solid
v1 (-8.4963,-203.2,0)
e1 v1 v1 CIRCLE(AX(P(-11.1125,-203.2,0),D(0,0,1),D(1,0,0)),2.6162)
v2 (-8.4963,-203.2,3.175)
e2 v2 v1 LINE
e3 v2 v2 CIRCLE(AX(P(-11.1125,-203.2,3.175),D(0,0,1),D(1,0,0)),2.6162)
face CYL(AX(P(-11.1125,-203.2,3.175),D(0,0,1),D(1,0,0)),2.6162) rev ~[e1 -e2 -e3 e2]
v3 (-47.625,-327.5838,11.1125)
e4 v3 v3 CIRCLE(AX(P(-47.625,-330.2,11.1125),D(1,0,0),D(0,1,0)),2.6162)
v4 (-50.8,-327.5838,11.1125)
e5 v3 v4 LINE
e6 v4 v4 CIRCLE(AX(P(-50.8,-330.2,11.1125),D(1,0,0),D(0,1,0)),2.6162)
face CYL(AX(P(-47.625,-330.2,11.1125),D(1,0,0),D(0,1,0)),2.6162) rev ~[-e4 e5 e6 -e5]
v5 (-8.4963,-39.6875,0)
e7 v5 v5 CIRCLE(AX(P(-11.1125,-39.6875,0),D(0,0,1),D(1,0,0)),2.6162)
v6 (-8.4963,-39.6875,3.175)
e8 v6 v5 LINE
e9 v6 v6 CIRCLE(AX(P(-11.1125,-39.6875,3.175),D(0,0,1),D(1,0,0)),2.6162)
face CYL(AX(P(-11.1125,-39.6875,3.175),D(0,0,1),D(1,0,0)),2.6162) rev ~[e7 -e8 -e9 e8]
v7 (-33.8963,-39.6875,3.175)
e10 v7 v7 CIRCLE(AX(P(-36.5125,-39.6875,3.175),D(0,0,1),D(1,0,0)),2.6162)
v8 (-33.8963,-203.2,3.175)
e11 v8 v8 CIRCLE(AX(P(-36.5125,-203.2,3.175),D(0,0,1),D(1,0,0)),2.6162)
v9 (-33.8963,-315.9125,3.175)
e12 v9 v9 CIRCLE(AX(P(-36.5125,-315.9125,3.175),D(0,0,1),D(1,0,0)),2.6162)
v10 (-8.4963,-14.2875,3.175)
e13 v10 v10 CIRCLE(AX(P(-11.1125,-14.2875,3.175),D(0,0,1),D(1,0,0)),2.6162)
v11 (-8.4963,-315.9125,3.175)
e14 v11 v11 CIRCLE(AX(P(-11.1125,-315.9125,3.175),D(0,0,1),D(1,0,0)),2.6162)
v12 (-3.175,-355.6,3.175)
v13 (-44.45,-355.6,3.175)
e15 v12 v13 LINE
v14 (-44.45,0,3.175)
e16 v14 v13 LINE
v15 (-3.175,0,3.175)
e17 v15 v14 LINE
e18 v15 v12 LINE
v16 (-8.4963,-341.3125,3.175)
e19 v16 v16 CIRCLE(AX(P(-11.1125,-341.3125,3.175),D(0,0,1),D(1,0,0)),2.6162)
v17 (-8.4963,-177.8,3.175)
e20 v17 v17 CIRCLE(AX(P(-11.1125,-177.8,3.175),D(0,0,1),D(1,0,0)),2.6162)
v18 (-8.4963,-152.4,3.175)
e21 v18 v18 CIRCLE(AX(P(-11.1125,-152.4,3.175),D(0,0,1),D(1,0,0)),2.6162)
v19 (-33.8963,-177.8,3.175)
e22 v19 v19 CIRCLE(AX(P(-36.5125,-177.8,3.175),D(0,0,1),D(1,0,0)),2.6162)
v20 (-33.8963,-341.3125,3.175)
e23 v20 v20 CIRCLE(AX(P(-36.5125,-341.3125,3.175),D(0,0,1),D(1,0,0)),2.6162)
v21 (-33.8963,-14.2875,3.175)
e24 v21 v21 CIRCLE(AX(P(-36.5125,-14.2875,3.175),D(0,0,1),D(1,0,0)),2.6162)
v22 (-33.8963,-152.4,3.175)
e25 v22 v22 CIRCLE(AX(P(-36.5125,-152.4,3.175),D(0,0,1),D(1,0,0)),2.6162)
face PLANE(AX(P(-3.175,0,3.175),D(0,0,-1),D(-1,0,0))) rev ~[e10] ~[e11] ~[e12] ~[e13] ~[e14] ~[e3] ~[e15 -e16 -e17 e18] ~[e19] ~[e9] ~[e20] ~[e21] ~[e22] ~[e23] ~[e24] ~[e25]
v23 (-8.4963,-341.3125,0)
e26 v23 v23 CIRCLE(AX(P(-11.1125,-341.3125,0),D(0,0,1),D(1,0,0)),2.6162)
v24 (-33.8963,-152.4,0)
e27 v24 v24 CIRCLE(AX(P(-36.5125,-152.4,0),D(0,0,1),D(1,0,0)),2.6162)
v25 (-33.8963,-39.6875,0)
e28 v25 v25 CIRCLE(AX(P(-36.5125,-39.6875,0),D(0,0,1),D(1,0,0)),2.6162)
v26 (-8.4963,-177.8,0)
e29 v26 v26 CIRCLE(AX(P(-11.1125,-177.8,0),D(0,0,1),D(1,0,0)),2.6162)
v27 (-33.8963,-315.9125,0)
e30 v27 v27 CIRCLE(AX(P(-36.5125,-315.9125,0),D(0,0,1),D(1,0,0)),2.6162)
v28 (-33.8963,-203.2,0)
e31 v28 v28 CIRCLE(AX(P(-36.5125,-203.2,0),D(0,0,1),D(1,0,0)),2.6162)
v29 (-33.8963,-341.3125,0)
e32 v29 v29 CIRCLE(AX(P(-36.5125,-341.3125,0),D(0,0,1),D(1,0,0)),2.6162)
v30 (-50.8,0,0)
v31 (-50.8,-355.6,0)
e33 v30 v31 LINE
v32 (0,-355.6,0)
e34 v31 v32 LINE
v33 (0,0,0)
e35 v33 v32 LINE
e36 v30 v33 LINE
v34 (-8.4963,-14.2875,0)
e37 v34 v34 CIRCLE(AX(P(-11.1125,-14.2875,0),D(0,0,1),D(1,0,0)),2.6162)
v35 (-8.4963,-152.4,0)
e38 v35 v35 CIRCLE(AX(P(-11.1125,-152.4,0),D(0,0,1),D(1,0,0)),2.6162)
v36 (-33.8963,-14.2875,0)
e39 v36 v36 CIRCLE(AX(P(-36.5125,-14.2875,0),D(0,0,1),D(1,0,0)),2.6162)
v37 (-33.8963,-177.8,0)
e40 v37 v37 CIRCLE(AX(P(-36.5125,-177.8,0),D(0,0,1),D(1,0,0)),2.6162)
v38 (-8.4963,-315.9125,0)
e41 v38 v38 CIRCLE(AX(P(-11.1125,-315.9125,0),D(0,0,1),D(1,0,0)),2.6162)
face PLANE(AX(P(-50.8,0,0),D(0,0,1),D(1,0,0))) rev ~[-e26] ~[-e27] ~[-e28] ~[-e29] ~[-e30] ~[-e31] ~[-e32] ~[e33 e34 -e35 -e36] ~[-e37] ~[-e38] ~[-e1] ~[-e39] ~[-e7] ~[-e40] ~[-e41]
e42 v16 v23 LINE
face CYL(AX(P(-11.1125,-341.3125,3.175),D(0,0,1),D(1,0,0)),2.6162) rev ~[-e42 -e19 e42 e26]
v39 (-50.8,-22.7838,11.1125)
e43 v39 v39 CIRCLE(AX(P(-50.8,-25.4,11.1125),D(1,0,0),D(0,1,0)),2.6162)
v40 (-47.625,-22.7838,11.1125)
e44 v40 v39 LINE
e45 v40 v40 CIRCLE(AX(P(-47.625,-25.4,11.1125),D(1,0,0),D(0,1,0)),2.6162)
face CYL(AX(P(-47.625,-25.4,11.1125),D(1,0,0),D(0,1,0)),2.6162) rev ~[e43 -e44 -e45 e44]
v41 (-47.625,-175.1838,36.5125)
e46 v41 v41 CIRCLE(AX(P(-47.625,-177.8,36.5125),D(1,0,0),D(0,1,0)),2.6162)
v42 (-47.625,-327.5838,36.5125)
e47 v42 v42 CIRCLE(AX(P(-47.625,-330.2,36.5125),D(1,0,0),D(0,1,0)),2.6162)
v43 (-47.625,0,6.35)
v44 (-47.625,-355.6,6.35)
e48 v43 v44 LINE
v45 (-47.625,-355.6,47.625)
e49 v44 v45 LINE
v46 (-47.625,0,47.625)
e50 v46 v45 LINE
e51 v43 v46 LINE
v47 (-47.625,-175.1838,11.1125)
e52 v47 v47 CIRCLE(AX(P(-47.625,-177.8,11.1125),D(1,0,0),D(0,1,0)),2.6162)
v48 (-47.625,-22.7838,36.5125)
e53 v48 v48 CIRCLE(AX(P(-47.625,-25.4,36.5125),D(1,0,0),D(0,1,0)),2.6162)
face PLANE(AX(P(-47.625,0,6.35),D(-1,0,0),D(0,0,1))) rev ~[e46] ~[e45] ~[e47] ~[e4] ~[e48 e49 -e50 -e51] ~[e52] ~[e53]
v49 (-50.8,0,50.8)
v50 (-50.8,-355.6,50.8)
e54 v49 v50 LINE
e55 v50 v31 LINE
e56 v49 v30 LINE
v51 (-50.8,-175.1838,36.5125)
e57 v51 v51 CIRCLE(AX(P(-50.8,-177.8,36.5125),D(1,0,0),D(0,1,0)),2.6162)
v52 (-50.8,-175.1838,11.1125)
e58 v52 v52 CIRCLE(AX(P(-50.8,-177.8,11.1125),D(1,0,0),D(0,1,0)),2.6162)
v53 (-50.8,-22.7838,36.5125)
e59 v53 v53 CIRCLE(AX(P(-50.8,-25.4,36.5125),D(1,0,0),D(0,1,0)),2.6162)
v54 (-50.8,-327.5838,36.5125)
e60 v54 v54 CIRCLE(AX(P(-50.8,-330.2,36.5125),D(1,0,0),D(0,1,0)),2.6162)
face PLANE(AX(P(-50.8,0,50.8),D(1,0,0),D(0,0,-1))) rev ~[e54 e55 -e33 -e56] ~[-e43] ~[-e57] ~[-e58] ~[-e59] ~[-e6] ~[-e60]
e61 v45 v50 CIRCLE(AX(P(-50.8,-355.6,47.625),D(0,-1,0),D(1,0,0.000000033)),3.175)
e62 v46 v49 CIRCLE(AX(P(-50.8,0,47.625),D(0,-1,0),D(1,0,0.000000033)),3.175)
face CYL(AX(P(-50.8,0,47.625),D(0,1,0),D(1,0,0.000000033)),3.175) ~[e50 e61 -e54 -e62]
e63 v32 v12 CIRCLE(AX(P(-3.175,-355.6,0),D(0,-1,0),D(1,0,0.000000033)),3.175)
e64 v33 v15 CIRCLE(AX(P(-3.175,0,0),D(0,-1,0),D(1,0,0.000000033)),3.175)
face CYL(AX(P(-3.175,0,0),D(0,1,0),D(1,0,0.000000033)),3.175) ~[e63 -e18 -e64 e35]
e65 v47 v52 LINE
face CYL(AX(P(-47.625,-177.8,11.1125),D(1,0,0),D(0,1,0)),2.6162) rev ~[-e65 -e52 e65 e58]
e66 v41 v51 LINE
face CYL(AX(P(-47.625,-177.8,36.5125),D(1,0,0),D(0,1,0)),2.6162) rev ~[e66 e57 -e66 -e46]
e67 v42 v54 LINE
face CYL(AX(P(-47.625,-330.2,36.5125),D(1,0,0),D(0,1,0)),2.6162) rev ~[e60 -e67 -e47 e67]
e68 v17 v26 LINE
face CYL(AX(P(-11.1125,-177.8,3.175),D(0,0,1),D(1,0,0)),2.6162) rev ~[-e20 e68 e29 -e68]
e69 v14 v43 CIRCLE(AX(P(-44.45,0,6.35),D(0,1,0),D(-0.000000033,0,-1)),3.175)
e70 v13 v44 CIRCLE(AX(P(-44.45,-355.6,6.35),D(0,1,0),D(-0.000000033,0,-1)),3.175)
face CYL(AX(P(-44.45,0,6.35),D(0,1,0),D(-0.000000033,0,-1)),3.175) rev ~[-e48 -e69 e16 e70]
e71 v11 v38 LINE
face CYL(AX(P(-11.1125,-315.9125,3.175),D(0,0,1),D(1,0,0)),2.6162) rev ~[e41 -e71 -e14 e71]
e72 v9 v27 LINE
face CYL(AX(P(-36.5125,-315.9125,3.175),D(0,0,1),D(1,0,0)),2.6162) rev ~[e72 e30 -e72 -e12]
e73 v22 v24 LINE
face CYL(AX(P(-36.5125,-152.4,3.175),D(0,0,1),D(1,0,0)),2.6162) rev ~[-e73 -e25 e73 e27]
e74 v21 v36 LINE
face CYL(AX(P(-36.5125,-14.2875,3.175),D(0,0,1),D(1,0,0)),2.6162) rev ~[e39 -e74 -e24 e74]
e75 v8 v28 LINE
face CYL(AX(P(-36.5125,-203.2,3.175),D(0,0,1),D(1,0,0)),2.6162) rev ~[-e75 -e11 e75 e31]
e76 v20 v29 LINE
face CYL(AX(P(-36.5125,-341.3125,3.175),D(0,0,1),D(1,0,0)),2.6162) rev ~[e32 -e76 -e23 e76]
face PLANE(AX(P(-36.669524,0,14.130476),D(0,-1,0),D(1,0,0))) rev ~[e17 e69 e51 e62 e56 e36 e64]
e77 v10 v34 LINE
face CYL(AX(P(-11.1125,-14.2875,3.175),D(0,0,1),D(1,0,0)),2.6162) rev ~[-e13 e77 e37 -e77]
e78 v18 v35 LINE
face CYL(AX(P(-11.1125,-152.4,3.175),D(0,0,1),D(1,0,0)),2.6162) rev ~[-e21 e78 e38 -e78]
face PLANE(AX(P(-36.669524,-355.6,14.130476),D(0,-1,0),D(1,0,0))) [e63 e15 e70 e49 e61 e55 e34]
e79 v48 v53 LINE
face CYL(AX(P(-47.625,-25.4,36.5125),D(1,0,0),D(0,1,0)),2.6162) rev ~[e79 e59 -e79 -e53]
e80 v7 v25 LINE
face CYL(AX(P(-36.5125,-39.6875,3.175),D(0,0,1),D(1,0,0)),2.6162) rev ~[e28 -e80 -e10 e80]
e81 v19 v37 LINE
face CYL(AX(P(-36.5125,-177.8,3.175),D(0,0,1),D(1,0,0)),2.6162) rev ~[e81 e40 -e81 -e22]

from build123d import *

# Parameters (mm, degrees)
F1_DEPTH = 355.6
F2_R     = 2.6162
F3_DEPTH = 3.176
F4_R     = 2.6162
F5_DEPTH = 3.176


with BuildPart() as f1:
    # F0 (on Front) → F1 (new body)
    with BuildSketch(Plane.XZ):
        with BuildLine():
            Line((-50.8, 0), (0, 0))
            ThreePointArc((0, 0), (-0.929936, 2.245064), (-3.175, 3.175))
            Line((-3.175, 3.175), (-44.45, 3.175))
            ThreePointArc((-44.45, 3.175), (-46.695064, 4.104936), (-47.625, 6.35))
            Line((-47.625, 6.35), (-47.625, 47.625))
            ThreePointArc((-47.625, 47.625), (-48.554936, 49.870064), (-50.8, 50.8))
            Line((-50.8, 50.8), (-50.8, 0))
        make_face()
    extrude(amount=F1_DEPTH)

    # F2 (on face) → F3 (cut, through all)
    with BuildSketch(Plane.YZ.offset(-47.625)):
        with Locations((-330.2, 11.1125)):
            Circle(F2_R)
        with Locations((-177.8, 11.1125)):
            Circle(F2_R)
        with Locations((-25.4, 11.1125)):
            Circle(F2_R)
        with Locations((-330.2, 36.5125)):
            Circle(F2_R)
        with Locations((-177.8, 36.5125)):
            Circle(F2_R)
        with Locations((-25.4, 36.5125)):
            Circle(F2_R)
    extrude(amount=-F3_DEPTH, mode=Mode.SUBTRACT)

    # F4 (on face) → F5 (cut, through all)
    with BuildSketch(Plane.XY.offset(3.175)):
        with Locations((-36.5125, -341.3125)):
            Circle(F4_R)
        with Locations((-36.5125, -14.2875)):
            Circle(F4_R)
        with Locations((-36.5125, -177.8)):
            Circle(F4_R)
        with Locations((-11.1125, -341.3125)):
            Circle(F4_R)
        with Locations((-11.1125, -177.8)):
            Circle(F4_R)
        with Locations((-11.1125, -14.2875)):
            Circle(F4_R)
        with Locations((-36.5125, -203.2)):
            Circle(F4_R)
        with Locations((-11.1125, -203.2)):
            Circle(F4_R)
        with Locations((-36.5125, -152.4)):
            Circle(F4_R)
        with Locations((-11.1125, -152.4)):
            Circle(F4_R)
        with Locations((-11.1125, -39.6875)):
            Circle(F4_R)
        with Locations((-36.5125, -39.6875)):
            Circle(F4_R)
        with Locations((-11.1125, -315.9125)):
            Circle(F4_R)
        with Locations((-36.5125, -315.9125)):
            Circle(F4_R)
    extrude(amount=-F5_DEPTH, mode=Mode.SUBTRACT)


solid = f1.part
